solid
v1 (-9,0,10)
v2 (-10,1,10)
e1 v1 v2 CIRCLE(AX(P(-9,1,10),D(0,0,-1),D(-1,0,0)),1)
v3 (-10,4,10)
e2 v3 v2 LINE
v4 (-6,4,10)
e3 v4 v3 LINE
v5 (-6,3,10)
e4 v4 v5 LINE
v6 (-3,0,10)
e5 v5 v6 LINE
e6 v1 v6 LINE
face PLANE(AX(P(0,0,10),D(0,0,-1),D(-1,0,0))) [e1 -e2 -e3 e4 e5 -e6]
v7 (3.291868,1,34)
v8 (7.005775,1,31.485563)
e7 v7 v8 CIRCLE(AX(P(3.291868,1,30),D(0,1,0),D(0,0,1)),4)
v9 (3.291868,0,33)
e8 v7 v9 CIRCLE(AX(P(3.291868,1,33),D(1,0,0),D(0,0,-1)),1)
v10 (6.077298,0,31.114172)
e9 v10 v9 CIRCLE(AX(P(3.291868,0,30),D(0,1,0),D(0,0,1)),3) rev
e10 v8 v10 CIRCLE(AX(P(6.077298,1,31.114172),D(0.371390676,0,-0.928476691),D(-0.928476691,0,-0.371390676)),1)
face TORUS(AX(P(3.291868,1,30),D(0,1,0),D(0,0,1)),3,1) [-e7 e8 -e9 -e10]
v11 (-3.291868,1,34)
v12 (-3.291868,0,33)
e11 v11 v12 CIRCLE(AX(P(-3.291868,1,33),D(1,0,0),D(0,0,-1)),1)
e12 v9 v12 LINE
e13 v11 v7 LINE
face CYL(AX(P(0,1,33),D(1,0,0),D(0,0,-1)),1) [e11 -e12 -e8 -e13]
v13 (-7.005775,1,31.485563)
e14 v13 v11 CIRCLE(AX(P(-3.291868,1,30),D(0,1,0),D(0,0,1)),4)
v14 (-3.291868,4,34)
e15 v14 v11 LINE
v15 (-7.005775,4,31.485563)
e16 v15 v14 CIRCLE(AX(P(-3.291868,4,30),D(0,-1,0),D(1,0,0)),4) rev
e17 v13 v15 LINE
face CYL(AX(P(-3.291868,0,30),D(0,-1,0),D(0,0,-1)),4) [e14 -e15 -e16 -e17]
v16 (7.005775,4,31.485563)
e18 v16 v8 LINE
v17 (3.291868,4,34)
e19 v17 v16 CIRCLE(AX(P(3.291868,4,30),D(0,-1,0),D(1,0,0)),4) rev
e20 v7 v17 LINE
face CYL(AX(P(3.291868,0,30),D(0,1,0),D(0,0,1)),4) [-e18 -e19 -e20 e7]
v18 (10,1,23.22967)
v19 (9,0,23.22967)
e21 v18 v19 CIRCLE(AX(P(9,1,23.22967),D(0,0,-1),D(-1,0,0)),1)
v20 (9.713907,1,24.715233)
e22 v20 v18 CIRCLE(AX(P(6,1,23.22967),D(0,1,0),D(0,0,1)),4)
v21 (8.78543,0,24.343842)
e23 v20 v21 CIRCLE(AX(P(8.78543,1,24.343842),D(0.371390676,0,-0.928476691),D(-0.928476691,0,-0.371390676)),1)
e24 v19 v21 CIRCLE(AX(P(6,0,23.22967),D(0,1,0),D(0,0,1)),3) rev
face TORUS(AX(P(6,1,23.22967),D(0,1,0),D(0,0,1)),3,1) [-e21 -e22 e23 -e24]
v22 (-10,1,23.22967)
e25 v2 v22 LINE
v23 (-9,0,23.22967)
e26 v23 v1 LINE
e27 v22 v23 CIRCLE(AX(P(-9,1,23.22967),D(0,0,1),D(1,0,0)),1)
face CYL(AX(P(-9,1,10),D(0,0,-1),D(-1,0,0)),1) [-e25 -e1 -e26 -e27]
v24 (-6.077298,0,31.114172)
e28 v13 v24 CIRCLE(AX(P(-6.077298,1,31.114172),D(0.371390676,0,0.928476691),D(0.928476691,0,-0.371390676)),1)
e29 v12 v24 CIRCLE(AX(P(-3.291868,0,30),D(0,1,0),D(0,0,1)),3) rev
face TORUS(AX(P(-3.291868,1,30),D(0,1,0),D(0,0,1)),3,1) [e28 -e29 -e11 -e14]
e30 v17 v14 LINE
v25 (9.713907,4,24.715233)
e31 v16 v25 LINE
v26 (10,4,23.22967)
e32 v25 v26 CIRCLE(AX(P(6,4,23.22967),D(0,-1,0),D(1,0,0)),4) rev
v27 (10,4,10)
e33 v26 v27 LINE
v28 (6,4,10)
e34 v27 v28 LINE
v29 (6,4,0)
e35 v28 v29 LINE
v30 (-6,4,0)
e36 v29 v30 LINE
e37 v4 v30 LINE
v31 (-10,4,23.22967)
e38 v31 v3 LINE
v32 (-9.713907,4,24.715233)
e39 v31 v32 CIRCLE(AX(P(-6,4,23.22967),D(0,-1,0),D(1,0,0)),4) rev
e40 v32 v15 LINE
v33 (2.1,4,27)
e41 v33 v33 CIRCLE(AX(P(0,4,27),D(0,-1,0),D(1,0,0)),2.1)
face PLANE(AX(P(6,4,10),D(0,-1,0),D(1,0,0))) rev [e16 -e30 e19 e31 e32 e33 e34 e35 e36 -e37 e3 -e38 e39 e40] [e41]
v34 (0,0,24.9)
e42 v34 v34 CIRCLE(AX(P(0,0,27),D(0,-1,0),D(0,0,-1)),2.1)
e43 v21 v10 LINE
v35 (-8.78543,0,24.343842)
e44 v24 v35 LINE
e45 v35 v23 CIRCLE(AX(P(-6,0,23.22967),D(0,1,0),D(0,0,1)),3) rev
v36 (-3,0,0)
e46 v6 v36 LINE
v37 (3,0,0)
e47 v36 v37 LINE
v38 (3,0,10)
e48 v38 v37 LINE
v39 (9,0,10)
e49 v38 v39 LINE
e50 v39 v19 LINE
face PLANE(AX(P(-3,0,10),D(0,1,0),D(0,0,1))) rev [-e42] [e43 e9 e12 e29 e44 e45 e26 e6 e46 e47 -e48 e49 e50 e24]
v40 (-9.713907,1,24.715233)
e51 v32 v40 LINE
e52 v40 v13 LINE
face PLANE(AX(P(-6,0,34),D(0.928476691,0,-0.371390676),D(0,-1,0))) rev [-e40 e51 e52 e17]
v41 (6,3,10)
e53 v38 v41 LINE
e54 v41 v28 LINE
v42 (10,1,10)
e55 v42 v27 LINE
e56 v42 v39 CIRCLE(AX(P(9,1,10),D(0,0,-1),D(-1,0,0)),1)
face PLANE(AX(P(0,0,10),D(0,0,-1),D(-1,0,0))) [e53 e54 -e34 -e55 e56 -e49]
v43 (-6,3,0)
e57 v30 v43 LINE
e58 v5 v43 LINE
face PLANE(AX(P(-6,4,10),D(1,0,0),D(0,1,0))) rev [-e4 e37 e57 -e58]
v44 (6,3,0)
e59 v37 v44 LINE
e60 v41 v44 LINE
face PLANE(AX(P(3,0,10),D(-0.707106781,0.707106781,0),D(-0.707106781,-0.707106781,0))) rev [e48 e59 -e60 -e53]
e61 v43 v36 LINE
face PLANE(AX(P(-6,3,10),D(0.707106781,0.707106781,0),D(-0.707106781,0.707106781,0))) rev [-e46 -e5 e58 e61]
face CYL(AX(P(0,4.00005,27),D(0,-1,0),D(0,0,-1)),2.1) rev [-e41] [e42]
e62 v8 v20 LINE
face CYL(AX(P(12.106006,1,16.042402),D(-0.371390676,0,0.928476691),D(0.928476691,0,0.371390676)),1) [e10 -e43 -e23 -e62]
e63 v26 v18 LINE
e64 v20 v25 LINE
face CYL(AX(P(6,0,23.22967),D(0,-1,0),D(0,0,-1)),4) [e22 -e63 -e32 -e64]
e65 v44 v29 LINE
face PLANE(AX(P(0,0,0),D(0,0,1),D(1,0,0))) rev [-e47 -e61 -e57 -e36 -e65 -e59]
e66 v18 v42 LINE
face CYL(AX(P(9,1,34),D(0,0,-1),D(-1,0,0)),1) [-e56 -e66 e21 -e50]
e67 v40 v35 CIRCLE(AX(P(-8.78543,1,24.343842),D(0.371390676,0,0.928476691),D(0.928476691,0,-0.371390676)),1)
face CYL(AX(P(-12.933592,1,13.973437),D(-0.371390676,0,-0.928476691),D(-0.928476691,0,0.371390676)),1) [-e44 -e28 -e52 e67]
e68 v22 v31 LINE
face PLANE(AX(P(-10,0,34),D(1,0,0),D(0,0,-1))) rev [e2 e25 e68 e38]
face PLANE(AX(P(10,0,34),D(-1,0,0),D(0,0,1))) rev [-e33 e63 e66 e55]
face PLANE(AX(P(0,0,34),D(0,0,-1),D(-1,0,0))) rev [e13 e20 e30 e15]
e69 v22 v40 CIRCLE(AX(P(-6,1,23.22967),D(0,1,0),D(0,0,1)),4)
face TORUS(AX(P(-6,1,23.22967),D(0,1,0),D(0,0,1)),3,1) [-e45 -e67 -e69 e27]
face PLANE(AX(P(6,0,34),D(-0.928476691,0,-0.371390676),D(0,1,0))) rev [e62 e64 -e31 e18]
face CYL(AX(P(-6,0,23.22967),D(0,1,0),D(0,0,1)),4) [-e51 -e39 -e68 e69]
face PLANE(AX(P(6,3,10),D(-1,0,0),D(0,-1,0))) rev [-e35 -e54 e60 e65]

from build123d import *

# Parameters (mm, degrees)
BOSS_EXTRU_1_DEPTH      = 10
ESQUISSE2_W             = 20
ESQUISSE2_H             = 4
BOSS_EXTRU_2_DEPTH      = 24
ESQUISSE3_R             = 2.1
ENL_V_MAT_EXTRU_1_DEPTH = 5
CHANFREIN1_SIZE         = 10
CHANFREIN1_SIZE2        = 4
CHANFREIN1_PART_2_SIZE  = 10
CHANFREIN1_PART_2_SIZE2 = 4
CONG_1_R                = 4
CONG_2_R                = 1


with BuildPart() as part:
    # Esquisse1 → Boss.-Extru.1 (new body)
    with BuildSketch(Plane.XY):
        Polygon((-3, 0), (3, 0), (6, 3), (6, 4), (-6, 4), (-6, 3), align=None)
    extrude(amount=BOSS_EXTRU_1_DEPTH)

    # Esquisse2 → Boss.-Extru.2 (add)
    with BuildSketch(Plane.XY.offset(10)):
        with Locations((0, 2)):
            Rectangle(ESQUISSE2_W, ESQUISSE2_H)
    extrude(amount=BOSS_EXTRU_2_DEPTH)

    # Esquisse3 → Enlèv. mat.-Extru.1 (cut, through all)
    with BuildSketch(Plane.XZ):
        with Locations((0, 27)):
            Circle(ESQUISSE3_R)
    extrude(amount=-ENL_V_MAT_EXTRU_1_DEPTH, mode=Mode.SUBTRACT)

    # Chanfrein1
    chanfrein1_edges = [part.edges().sort_by_distance(p)[0] for p in [
        (-10, 2, 34),
    ]]
    chanfrein1_side = [part.faces().sort_by_distance(p)[0] for p in [
        (-10, 2, 22),
    ]]
    chamfer(chanfrein1_edges, length=CHANFREIN1_SIZE, length2=CHANFREIN1_SIZE2, reference=chanfrein1_side[0])

    # Chanfrein1 part 2
    chanfrein1_part_2_edges = [part.edges().sort_by_distance(p)[0] for p in [
        (10, 2, 34),
    ]]
    chanfrein1_part_2_side = [part.faces().sort_by_distance(p)[0] for p in [
        (10, 2, 22),
    ]]
    chamfer(chanfrein1_part_2_edges, length=CHANFREIN1_PART_2_SIZE, length2=CHANFREIN1_PART_2_SIZE2, reference=chanfrein1_part_2_side[0])

    # Congé1
    cong_1_edges = [part.edges().sort_by_distance(p)[0] for p in [
        (-6, 2, 34),
        (6, 2, 34),
        (10, 2, 24),
        (-10, 2, 24),
    ]]
    fillet(cong_1_edges, radius=CONG_1_R)

    # Congé2
    cong_2_edges = [part.edges().sort_by_distance(p)[0] for p in [
        (10, 0, 16.614835193),
        (9.927825547, 0, 23.98610047),
        (8.359840841, 0, 28.100397898),
        (5.534383392, 0, 33.312268922),
        (0, 0, 34),
        (-5.534383392, 0, 33.312268922),
        (-8.359840841, 0, 28.100397898),
        (-9.927825547, 0, 23.98610047),
        (-10, 0, 16.614835193),
    ]]
    fillet(cong_2_edges, radius=CONG_2_R)


solid = part.part
